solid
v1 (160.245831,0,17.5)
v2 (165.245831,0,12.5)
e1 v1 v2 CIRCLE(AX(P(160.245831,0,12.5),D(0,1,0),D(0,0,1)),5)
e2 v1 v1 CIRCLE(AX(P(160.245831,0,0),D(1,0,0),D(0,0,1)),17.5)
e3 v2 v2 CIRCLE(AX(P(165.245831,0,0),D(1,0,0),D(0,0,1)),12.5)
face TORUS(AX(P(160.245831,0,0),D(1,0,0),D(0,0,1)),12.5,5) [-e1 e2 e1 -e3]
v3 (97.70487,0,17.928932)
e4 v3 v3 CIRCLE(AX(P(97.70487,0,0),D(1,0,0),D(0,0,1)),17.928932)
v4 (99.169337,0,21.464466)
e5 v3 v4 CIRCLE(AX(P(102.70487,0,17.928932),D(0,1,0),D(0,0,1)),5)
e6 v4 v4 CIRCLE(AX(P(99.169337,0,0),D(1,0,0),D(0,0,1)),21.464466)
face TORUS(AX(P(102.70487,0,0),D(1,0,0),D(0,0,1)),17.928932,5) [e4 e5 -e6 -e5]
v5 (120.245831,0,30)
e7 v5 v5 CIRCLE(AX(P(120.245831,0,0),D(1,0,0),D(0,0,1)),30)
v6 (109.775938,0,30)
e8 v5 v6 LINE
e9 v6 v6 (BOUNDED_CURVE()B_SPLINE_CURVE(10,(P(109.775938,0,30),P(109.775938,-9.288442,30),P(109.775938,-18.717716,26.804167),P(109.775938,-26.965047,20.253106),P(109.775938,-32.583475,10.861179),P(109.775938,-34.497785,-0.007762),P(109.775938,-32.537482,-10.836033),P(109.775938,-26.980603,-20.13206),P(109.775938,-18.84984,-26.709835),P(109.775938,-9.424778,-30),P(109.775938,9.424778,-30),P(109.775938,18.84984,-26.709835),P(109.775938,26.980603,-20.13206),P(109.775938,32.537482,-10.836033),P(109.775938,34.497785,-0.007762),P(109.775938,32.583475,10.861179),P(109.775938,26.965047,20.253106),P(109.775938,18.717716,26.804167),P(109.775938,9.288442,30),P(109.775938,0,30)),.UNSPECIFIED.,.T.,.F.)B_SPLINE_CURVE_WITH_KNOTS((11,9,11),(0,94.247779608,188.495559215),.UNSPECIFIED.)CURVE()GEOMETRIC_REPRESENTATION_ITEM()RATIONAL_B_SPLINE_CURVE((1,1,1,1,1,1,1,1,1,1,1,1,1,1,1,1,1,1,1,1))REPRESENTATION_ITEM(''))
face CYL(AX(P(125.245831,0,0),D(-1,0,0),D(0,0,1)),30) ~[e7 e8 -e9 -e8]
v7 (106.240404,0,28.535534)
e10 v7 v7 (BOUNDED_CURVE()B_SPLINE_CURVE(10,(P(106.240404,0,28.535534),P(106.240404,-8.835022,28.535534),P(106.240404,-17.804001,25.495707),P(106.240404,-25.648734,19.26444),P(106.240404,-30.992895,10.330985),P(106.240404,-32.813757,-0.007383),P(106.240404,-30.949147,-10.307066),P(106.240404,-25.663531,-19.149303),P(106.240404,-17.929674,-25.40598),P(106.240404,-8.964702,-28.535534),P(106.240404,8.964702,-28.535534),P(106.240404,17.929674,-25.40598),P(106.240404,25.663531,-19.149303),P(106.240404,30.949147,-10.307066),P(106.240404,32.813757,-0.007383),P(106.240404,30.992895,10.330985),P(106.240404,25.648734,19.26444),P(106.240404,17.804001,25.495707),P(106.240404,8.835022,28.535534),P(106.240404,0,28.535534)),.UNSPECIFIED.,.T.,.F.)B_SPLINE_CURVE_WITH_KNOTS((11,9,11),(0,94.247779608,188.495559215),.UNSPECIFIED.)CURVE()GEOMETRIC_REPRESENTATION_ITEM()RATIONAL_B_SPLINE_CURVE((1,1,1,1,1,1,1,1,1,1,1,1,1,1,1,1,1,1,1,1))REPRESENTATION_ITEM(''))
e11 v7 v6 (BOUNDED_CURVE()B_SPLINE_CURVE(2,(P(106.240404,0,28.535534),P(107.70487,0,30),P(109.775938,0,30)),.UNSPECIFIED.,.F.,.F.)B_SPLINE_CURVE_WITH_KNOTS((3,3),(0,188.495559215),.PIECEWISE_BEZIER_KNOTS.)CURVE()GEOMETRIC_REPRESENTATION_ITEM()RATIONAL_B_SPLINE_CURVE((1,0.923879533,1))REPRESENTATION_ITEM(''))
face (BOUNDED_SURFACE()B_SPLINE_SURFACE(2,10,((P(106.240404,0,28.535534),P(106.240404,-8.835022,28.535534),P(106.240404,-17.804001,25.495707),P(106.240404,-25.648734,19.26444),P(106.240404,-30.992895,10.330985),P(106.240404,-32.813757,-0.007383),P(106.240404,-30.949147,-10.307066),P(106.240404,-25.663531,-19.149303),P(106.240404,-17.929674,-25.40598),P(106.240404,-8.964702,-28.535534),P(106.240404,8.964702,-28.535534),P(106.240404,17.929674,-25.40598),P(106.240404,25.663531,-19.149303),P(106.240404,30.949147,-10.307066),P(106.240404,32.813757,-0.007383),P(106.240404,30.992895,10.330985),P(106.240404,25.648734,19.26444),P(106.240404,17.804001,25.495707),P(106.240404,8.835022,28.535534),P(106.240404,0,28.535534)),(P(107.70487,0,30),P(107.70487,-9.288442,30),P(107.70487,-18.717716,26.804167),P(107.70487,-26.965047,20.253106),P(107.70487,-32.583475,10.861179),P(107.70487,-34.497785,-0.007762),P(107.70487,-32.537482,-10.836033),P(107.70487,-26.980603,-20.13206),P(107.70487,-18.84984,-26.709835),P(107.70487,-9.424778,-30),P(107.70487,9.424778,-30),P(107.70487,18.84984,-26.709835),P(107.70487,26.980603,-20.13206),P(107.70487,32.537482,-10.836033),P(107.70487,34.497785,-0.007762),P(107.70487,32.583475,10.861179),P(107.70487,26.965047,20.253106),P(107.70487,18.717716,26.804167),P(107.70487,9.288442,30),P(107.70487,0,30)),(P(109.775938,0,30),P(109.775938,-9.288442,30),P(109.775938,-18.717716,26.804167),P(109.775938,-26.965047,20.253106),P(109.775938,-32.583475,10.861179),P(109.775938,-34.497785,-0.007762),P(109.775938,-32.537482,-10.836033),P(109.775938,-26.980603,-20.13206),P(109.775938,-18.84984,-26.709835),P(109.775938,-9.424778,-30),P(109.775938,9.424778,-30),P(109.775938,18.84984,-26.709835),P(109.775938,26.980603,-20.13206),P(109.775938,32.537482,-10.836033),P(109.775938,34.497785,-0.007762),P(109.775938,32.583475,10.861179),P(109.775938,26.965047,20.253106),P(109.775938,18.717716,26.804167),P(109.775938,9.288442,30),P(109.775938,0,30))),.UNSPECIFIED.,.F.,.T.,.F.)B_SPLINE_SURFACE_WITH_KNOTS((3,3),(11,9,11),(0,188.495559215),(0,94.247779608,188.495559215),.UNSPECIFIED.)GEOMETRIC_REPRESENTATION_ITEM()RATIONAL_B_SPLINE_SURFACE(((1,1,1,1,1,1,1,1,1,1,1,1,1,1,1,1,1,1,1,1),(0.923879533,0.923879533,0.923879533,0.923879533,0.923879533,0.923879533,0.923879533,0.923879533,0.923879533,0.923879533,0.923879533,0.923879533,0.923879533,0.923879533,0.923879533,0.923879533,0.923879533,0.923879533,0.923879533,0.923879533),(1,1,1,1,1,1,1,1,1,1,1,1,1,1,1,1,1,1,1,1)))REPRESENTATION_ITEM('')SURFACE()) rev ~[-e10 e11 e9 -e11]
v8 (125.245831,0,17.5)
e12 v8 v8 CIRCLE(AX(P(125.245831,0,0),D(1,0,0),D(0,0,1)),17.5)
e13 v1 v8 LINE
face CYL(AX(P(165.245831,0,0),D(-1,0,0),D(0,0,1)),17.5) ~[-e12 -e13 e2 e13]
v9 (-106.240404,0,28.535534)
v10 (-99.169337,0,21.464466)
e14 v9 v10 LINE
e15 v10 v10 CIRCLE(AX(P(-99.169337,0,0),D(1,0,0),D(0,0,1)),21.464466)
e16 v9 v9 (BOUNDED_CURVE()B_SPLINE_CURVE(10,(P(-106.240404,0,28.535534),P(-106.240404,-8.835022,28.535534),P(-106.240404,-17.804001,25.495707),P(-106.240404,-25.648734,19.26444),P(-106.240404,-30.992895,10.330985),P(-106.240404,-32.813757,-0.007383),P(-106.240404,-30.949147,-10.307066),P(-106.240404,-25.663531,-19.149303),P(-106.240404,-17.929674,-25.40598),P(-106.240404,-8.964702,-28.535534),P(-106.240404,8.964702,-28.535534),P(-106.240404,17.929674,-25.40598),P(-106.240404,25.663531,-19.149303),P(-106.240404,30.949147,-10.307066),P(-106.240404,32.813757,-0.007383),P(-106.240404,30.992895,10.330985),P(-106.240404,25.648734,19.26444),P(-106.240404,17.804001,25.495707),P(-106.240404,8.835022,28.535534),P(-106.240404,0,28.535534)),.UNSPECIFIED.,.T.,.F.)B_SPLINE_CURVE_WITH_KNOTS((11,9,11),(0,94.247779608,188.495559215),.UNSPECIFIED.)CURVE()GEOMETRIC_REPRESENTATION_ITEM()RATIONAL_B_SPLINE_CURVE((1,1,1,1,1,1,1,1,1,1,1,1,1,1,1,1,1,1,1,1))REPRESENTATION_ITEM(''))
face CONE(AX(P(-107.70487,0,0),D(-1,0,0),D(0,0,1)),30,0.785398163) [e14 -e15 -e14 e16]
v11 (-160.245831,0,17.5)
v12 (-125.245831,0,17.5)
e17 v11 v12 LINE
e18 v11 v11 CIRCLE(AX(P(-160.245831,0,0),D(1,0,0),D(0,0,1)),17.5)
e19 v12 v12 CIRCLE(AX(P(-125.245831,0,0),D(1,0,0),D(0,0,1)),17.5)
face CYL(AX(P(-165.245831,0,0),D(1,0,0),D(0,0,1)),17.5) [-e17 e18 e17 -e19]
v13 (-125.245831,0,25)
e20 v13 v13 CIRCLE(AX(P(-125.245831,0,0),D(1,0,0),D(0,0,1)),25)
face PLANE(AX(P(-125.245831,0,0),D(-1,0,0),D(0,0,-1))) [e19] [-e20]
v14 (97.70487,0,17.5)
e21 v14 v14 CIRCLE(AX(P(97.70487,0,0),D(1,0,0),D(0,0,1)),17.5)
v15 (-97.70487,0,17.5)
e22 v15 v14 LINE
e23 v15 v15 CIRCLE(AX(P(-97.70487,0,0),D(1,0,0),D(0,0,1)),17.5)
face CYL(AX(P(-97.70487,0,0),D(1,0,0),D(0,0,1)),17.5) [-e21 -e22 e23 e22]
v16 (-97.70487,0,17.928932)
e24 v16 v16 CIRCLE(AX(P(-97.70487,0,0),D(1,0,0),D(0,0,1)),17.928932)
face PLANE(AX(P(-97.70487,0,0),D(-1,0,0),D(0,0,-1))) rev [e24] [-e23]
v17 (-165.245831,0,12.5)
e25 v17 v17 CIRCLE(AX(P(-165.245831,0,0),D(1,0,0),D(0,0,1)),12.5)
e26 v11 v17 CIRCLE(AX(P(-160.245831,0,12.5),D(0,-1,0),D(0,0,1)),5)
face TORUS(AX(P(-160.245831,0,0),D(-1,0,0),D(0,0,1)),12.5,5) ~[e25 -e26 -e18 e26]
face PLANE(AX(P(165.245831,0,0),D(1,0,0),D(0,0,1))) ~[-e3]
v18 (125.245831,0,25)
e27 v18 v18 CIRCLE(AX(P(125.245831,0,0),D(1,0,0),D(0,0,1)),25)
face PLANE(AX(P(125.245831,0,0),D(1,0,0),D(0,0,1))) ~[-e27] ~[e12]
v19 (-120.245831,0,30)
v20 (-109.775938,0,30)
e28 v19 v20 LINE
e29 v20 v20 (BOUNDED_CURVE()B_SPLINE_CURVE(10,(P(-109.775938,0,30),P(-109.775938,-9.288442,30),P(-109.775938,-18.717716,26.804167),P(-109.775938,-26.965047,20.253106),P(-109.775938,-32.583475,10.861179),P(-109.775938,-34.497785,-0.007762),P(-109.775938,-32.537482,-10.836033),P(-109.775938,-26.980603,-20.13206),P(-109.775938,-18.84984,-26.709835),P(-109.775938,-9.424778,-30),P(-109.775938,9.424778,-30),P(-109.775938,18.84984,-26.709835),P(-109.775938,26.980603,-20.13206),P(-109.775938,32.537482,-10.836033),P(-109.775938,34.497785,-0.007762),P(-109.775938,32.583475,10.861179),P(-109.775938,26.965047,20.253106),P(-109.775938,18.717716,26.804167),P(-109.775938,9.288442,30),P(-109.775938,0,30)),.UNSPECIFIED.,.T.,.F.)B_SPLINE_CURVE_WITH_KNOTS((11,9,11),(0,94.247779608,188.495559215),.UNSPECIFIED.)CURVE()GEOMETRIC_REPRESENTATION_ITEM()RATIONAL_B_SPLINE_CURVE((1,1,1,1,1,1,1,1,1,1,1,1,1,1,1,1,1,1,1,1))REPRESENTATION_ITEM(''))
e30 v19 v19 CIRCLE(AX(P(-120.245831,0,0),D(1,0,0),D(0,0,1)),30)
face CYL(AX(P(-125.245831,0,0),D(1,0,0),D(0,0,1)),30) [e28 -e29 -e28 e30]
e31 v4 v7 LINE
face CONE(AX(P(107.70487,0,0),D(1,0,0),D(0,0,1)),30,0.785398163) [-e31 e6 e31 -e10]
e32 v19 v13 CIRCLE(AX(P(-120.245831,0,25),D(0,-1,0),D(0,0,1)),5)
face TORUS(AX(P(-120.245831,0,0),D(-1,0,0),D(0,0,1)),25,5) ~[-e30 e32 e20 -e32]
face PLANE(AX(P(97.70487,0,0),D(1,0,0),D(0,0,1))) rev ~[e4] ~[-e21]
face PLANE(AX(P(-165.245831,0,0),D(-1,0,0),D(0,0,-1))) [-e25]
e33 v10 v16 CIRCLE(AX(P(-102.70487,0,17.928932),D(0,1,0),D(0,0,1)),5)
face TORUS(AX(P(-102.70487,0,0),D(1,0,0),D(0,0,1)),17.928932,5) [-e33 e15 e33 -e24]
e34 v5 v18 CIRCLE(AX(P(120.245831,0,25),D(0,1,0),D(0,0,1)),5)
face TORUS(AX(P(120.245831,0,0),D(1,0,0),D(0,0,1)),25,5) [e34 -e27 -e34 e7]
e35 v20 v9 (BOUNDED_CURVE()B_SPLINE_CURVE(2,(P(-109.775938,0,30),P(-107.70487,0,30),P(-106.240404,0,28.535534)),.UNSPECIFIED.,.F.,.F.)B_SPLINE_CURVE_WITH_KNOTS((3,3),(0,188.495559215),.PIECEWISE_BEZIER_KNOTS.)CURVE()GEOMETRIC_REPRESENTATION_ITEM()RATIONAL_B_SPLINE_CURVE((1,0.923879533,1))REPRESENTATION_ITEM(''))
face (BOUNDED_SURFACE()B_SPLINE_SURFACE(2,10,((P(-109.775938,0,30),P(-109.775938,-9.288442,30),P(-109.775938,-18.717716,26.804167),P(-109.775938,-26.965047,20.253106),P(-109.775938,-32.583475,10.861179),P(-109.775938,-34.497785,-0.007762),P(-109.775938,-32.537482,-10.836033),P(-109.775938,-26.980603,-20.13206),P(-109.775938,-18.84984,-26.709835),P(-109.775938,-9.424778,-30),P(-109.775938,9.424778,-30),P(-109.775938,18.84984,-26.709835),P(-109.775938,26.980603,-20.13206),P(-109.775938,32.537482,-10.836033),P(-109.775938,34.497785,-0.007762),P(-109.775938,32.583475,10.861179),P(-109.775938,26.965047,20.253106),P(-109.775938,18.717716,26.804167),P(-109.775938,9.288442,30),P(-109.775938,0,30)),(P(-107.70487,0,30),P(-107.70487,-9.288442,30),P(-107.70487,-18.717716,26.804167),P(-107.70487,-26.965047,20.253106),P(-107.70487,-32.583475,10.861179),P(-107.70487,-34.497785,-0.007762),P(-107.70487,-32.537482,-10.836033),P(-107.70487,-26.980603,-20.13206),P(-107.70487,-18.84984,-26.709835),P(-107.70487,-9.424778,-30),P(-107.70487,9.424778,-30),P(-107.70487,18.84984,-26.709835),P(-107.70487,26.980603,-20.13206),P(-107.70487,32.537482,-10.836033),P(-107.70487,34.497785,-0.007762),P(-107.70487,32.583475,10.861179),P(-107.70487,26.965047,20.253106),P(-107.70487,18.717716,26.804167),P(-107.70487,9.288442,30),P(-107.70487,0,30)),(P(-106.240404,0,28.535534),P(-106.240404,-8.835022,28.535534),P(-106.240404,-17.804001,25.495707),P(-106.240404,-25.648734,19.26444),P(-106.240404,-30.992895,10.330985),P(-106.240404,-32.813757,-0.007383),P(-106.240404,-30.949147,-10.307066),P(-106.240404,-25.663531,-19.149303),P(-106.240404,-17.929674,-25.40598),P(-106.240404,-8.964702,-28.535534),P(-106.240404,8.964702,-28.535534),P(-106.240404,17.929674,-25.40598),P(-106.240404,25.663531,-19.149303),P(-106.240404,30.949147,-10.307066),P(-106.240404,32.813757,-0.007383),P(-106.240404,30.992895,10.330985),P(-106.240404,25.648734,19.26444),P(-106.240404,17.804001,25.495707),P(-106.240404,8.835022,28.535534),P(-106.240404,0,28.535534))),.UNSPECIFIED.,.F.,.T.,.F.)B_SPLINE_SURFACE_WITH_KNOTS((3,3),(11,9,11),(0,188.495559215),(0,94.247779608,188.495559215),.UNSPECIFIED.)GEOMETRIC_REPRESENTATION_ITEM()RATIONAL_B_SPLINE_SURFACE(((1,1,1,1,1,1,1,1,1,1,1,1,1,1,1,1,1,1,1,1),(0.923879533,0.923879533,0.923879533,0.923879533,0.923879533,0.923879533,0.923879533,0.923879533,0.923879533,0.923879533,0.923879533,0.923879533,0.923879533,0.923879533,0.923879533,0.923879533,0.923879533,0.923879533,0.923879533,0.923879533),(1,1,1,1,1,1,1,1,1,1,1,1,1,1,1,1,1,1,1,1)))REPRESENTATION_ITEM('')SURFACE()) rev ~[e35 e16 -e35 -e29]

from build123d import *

# Parameters (mm, degrees)
F3_SIZE = 10
F4_R    = 5
F5_R    = 5


with BuildPart() as f1:
    # F0 (on Front) → F1 (revolve)
    with BuildSketch(Plane.XZ):
        Polygon((0, 17.5), (0, 0), (165.2458313006, 0), (165.2458313006, 17.5), (125.2458313006, 17.5), (125.2458313006, 30), (97.7048704189, 30), (97.7048704189, 17.5), align=None)
    revolve(axis=Axis((82.6229156503, 0, 0), (1, 0, 0)))

    # F2: F1 across face


with BuildPart() as f1_1:
    add(f1.part)
    add(f1.part.mirror(Plane(origin=(0, 0, 0), x_dir=(0, -1, 0), z_dir=(-1, 0, 0))))

    # F3
    f3_edges = [f1_1.edges().sort_by_distance(p)[0] for p in [
        (97.70487, 0, -30),
        (-97.70487, 0, -30),
    ]]
    chamfer(f3_edges, length=F3_SIZE)

    # F4
    f4_edges = [f1_1.edges().sort_by_distance(p)[0] for p in [
        (-107.70487, 0, -30),
        (-97.70487, 0, -20),
        (97.70487, 0, -20),
        (107.70487, 0, -30),
    ]]
    fillet(f4_edges, radius=F4_R)

    # F5
    f5_edges = [f1_1.edges().sort_by_distance(p)[0] for p in [
        (-165.245831, 0, -17.5),
        (165.245831, 0, -17.5),
        (125.245831, 0, -30),
        (-125.245831, 0, -30),
    ]]
    fillet(f5_edges, radius=F5_R)


solid = f1_1.part
